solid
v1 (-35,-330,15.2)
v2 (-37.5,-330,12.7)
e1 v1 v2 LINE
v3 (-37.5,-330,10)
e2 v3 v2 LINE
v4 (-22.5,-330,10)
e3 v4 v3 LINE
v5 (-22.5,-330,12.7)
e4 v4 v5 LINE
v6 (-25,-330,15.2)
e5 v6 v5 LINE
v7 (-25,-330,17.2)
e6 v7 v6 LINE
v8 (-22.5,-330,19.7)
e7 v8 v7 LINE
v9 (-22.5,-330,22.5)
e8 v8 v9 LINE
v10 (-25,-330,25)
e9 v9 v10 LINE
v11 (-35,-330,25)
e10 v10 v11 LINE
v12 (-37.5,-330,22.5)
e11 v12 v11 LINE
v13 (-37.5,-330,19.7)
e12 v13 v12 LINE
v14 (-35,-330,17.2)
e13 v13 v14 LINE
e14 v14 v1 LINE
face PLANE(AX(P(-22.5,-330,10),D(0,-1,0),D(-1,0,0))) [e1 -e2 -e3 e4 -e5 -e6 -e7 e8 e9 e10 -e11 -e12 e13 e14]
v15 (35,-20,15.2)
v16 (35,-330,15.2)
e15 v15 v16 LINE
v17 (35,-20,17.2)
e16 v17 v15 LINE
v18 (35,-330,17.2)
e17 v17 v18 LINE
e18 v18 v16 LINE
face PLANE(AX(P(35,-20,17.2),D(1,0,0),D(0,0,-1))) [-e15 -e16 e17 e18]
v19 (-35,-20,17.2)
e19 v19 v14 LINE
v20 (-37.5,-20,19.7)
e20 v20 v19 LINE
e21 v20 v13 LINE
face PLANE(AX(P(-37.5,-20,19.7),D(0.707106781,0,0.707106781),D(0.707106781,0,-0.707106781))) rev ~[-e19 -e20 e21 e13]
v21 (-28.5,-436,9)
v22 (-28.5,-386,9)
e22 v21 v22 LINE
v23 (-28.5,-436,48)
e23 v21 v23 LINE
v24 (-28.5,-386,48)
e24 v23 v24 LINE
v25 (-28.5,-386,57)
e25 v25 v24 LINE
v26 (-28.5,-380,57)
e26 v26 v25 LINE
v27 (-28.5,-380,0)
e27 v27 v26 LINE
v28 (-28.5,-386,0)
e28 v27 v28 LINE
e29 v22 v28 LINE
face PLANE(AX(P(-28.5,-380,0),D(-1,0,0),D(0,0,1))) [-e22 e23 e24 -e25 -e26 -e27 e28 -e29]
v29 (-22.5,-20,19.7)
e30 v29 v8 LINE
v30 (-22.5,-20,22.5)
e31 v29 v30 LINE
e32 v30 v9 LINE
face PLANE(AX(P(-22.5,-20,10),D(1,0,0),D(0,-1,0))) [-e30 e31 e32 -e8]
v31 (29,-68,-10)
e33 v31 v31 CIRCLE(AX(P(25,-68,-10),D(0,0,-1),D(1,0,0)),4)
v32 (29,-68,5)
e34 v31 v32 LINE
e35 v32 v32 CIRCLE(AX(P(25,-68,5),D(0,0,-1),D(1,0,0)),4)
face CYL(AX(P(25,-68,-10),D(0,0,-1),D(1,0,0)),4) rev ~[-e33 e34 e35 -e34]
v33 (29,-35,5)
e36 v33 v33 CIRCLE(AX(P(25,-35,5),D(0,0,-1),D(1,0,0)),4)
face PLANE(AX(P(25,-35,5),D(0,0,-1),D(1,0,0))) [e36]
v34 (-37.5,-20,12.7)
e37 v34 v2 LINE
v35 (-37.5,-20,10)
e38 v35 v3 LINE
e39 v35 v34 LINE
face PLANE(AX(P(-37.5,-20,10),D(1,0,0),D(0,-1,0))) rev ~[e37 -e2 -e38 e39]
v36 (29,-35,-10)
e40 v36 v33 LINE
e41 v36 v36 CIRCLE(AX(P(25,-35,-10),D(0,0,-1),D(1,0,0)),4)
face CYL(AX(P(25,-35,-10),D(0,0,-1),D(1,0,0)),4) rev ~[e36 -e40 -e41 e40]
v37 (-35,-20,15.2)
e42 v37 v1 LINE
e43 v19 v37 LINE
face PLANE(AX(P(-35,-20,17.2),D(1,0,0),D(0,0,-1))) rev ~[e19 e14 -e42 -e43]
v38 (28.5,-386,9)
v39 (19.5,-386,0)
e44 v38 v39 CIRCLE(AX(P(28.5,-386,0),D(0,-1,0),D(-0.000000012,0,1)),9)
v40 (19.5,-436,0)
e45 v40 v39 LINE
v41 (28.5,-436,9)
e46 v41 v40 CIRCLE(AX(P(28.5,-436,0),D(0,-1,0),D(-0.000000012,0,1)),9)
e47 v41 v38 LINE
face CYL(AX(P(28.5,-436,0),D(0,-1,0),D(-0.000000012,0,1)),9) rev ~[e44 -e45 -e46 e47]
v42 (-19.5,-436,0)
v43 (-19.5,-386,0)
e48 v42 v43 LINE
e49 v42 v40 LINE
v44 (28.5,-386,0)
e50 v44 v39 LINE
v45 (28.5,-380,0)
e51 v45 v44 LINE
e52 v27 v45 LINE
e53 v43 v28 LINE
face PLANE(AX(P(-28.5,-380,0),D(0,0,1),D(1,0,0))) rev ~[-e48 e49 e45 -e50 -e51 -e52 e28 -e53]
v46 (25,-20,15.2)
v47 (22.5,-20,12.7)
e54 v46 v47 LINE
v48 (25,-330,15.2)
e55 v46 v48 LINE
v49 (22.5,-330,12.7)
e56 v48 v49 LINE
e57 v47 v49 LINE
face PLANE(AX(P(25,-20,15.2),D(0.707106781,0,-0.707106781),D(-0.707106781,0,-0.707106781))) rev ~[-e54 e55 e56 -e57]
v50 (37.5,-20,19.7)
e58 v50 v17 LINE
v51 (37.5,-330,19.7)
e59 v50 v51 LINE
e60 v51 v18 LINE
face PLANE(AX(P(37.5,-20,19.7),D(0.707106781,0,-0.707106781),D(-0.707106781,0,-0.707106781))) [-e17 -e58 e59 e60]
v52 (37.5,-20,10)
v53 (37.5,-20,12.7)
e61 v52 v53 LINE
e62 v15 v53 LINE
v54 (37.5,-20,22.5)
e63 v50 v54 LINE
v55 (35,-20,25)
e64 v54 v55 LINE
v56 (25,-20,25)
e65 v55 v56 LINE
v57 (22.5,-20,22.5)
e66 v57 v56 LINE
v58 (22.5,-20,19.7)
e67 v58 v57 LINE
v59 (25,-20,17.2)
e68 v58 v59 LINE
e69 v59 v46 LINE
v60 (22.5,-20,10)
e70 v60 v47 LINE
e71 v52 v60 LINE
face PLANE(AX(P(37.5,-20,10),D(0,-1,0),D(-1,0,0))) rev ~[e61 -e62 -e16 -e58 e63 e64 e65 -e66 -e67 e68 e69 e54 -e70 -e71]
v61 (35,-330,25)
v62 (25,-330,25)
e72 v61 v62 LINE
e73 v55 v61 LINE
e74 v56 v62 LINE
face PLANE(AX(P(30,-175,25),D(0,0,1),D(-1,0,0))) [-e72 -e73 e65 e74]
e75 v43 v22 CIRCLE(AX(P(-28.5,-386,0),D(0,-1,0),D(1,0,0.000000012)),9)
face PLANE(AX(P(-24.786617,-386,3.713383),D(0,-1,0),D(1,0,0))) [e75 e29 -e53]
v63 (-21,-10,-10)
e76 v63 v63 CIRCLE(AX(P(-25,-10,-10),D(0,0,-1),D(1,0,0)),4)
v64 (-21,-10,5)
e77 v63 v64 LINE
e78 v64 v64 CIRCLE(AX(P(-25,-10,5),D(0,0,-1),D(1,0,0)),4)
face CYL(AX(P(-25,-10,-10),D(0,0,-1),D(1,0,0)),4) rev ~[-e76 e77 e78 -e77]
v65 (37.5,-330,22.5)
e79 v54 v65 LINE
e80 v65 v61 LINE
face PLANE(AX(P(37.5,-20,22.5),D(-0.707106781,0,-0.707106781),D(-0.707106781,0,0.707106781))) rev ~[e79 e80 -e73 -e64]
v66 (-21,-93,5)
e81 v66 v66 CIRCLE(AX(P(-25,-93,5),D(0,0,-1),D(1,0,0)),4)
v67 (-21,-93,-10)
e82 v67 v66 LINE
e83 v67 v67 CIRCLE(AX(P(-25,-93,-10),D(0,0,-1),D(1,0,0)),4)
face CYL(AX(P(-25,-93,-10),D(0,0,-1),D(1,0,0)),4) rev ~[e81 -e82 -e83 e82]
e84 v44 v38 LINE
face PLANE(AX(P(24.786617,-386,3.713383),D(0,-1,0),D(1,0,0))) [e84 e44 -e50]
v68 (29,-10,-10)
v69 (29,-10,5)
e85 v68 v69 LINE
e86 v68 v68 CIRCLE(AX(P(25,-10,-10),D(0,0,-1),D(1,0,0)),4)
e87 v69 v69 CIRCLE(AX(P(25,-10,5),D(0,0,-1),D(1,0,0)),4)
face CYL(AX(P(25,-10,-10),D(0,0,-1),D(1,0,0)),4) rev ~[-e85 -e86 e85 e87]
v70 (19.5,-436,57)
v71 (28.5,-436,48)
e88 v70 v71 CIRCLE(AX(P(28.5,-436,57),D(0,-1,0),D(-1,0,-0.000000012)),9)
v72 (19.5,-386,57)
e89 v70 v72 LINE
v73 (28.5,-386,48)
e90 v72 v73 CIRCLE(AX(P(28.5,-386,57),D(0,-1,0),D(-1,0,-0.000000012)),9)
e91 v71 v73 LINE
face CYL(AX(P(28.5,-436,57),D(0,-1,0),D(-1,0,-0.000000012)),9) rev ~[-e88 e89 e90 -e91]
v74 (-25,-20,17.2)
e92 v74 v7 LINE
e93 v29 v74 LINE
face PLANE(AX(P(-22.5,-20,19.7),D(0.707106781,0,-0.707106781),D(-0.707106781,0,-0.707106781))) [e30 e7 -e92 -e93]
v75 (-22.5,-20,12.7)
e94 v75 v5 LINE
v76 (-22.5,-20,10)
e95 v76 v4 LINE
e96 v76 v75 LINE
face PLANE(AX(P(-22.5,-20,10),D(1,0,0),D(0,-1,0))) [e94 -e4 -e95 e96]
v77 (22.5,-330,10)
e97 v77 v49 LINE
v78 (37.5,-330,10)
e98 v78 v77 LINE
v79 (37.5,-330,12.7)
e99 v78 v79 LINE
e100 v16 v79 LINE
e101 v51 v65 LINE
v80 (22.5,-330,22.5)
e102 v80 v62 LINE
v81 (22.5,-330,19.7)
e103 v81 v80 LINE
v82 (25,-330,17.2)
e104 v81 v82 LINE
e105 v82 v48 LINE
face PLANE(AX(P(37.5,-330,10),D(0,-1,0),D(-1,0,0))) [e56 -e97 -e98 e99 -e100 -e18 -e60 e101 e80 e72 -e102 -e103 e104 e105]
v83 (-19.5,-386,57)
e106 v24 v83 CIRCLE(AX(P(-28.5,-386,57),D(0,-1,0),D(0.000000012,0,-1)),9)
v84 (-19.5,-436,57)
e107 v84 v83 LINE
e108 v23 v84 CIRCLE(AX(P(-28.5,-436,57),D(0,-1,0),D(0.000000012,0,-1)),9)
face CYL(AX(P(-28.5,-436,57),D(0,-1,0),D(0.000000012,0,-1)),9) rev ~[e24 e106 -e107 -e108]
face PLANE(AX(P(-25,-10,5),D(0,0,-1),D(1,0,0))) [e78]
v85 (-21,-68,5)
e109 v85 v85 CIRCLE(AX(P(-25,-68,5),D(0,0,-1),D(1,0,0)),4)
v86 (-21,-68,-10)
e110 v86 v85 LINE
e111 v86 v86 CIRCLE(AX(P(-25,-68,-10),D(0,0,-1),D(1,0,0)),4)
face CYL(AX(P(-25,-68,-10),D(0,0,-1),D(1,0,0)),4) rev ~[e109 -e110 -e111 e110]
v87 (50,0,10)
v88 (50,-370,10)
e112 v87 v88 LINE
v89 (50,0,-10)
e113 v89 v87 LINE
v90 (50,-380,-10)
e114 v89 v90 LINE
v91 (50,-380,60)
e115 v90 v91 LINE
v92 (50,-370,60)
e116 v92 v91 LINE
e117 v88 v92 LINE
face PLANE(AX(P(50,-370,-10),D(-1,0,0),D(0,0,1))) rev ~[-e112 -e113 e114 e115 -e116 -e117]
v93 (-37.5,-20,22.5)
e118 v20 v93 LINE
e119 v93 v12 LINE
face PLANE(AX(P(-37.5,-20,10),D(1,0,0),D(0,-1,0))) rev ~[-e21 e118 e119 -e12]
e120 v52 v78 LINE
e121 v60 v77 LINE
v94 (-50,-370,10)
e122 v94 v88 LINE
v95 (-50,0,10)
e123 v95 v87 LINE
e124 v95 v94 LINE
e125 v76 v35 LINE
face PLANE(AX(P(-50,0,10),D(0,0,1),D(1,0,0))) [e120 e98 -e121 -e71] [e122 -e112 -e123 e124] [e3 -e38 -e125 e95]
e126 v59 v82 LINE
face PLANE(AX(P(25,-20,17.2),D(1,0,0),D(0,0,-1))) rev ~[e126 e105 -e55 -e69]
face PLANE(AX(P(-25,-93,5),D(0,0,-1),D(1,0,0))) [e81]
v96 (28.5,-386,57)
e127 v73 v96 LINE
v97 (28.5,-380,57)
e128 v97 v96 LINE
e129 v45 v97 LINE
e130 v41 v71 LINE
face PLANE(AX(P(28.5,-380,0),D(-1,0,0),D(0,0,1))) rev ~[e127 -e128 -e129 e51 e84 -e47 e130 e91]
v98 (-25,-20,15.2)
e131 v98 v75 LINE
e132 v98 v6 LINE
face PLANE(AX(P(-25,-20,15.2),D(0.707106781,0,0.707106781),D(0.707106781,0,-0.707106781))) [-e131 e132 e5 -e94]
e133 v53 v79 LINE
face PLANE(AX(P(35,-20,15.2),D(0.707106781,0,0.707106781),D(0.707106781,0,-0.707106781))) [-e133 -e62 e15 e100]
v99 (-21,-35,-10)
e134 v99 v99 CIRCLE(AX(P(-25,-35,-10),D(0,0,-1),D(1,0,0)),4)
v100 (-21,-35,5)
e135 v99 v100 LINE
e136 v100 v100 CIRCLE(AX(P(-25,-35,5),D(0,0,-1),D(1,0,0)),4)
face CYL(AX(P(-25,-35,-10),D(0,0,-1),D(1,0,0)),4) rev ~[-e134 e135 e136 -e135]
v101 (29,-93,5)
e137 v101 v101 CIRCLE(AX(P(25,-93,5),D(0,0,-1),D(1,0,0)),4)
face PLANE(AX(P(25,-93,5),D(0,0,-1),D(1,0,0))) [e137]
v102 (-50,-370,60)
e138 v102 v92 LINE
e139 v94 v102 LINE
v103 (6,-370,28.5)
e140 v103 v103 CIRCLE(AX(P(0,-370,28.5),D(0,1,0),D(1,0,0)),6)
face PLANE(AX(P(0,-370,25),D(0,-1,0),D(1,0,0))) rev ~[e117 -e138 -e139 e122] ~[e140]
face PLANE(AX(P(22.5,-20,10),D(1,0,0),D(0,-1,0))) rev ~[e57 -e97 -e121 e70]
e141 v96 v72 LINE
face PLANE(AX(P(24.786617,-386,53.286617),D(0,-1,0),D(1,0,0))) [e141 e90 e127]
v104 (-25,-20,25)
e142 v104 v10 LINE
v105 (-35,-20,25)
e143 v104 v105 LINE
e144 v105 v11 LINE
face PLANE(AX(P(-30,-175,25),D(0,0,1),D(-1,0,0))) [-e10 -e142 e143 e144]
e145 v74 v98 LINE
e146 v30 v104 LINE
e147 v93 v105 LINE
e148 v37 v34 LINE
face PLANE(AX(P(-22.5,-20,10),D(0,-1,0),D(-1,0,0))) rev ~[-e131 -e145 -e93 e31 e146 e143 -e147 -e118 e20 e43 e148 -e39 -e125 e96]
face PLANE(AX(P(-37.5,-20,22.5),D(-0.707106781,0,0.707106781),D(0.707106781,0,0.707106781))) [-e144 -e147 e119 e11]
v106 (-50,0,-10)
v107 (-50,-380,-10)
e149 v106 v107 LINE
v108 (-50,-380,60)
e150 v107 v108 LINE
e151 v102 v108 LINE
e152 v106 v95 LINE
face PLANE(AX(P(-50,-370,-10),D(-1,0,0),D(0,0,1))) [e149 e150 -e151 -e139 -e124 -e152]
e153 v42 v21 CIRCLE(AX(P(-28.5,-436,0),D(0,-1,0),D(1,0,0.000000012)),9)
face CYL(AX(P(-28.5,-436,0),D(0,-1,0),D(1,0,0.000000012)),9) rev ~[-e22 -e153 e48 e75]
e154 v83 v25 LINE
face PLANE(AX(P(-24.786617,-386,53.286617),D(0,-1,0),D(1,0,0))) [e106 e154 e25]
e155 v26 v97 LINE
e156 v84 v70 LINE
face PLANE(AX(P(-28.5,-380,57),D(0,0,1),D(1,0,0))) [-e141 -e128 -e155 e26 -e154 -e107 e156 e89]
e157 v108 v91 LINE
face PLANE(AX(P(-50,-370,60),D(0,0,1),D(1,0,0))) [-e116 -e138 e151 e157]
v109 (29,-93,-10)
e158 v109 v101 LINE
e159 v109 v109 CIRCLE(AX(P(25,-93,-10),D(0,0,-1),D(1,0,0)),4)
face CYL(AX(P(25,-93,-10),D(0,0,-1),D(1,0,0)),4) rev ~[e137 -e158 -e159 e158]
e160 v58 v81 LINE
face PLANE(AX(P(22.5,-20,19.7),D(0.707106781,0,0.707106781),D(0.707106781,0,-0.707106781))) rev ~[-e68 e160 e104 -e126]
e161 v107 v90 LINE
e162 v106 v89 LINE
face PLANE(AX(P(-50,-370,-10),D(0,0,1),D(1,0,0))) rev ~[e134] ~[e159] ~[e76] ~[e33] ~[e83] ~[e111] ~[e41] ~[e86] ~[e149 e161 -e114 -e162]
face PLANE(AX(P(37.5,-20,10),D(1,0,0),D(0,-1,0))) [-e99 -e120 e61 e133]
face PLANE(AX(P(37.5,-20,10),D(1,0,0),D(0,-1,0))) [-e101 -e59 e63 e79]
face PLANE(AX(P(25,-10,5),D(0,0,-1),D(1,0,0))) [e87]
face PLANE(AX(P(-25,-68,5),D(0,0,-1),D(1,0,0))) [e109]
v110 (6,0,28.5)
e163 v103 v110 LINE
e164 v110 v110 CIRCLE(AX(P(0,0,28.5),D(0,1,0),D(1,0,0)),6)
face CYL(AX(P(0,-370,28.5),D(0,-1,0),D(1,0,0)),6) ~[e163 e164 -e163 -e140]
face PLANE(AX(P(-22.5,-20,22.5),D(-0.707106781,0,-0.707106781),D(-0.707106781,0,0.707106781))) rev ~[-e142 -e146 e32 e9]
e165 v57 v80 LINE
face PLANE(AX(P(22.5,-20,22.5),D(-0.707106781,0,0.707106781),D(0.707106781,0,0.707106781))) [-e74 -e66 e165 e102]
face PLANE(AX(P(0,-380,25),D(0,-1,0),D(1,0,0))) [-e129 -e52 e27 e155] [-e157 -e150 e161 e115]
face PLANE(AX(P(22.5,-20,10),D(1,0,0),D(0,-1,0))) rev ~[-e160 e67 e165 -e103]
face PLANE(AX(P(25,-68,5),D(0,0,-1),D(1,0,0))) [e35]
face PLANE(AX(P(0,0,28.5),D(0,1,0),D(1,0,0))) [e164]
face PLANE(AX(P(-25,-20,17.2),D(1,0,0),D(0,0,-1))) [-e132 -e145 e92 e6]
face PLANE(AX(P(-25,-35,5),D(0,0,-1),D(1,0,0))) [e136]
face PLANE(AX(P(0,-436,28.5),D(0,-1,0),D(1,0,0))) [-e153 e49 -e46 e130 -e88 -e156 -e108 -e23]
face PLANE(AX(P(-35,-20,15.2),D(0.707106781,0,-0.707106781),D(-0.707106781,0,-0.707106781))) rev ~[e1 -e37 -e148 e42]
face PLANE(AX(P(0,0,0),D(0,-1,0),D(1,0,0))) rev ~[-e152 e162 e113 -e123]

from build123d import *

# Parameters (mm, degrees)
SKETCH_W        = 100
SKETCH_H        = 20
PAD_DEPTH       = 370
SKETCH001_W     = 100
SKETCH001_H     = 70
PAD001_DEPTH    = 10
SKETCH002_W     = 57
SKETCH002_H     = 57
PAD002_DEPTH    = 56
SKETCH003_W     = 15
SKETCH003_H     = 310
PAD003_DEPTH    = 15
SKETCH004_R     = 6
PAD004_DEPTH    = 370
SKETCH005_R     = 4
POCKET_DEPTH    = 15
POCKET001_DEPTH = 50
POCKET002_DEPTH = 310


with BuildPart() as part:
    # Sketch → Pad (new body)
    with BuildSketch(Plane.XZ):
        Rectangle(SKETCH_W, SKETCH_H)
    extrude(amount=PAD_DEPTH)

    # Sketch001 (on Face6 of Pad) → Pad001 (join)
    with BuildSketch(Plane.XZ.offset(370)):
        with Locations((0, 25)):
            Rectangle(SKETCH001_W, SKETCH001_H)
    extrude(amount=PAD001_DEPTH)

    # Sketch002 (on Face11 of Pad001) → Pad002 (join)
    with BuildSketch(Plane.XZ.offset(380)):
        with Locations((0, 28.5)):
            Rectangle(SKETCH002_W, SKETCH002_H)
    extrude(amount=PAD002_DEPTH)

    # Sketch003 (on Face1 of Pad002) → Pad003 (join)
    with BuildSketch(Plane(origin=(0, 0, 10), x_dir=(-1, 0, 0), z_dir=(0, 0, 1))):
        with Locations((-30, 175)):
            Rectangle(SKETCH003_W, SKETCH003_H)
        with Locations((30, 175)):
            Rectangle(SKETCH003_W, SKETCH003_H)
    extrude(amount=PAD003_DEPTH)

    # Sketch004 (on Face4 of Pad003) → Pad004 (join)
    with BuildSketch(Plane(origin=(0, -370, 0), x_dir=(1, 0, 0), z_dir=(0, 1, 0))):
        with Locations((0, -28.5)):
            Circle(SKETCH004_R)
    extrude(amount=PAD004_DEPTH)

    # Sketch005 (on Face14 of Pad004) → Pocket (cut)
    with BuildSketch(Plane(origin=(0, 0, -10), x_dir=(1, 0, 0), z_dir=(0, 0, -1))):
        with Locations((-25, 10)):
            Circle(SKETCH005_R)
        with Locations((25, 10)):
            Circle(SKETCH005_R)
        with Locations((25, 35)):
            Circle(SKETCH005_R)
        with Locations((-25, 35)):
            Circle(SKETCH005_R)
        with Locations((-25, 93)):
            Circle(SKETCH005_R)
        with Locations((-25, 68)):
            Circle(SKETCH005_R)
        with Locations((25, 93)):
            Circle(SKETCH005_R)
        with Locations((25, 68)):
            Circle(SKETCH005_R)
    extrude(amount=-POCKET_DEPTH, mode=Mode.SUBTRACT)

    # Sketch006 (on Face44 of Pocket) → Pocket001 (cut)
    with BuildSketch(Plane.XZ.offset(436)):
        with BuildLine():
            ThreePointArc((-28.5, 48), (-22.136039, 50.636039), (-19.5, 57))
            Line((-19.5, 57), (-28.5, 57))
            Line((-28.5, 57), (-28.5, 48))
        make_face()
        with BuildLine():
            ThreePointArc((19.5, 57), (22.136039, 50.636039), (28.5, 48))
            Line((28.5, 48), (28.5, 57))
            Line((28.5, 57), (19.5, 57))
        make_face()
        with BuildLine():
            ThreePointArc((28.5, 9), (22.136039, 6.363961), (19.5, 0))
            Line((28.5, 0), (19.5, 0))
            Line((28.5, 0), (28.5, 9))
        make_face()
        with BuildLine():
            ThreePointArc((-19.5, 0), (-22.136039, 6.363961), (-28.5, 9))
            Line((-28.5, 9), (-28.5, 0))
            Line((-19.5, 0), (-28.5, 0))
        make_face()
    extrude(amount=-POCKET001_DEPTH, mode=Mode.SUBTRACT)

    # Sketch007 (on Face7 of Pocket001) → Pocket002 (cut)
    with BuildSketch(Plane(origin=(0, -20, 0), x_dir=(1, 0, 0), z_dir=(0, 1, 0))):
        Polygon((-37.5, -22.5), (-35, -25), (-37.5, -25), align=None)
        Polygon((-37.5, -19.7), (-35, -17.2), (-35, -15.2), (-37.5, -12.7), align=None)
        Polygon((22.5, -22.5), (25, -25), (22.5, -25), align=None)
        Polygon((22.5, -19.7), (25, -17.2), (25, -15.2), (22.5, -12.7), align=None)
        Polygon((-22.5, -22.5), (-25, -25), (-22.5, -25), align=None)
        Polygon((-22.5, -19.7), (-25, -17.2), (-25, -15.2), (-22.5, -12.7), align=None)
        Polygon((37.5, -22.5), (35, -25), (37.5, -25), align=None)
        Polygon((37.5, -19.7), (35, -17.2), (35, -15.2), (37.5, -12.7), align=None)
    extrude(amount=-POCKET002_DEPTH, mode=Mode.SUBTRACT)


solid = part.part
